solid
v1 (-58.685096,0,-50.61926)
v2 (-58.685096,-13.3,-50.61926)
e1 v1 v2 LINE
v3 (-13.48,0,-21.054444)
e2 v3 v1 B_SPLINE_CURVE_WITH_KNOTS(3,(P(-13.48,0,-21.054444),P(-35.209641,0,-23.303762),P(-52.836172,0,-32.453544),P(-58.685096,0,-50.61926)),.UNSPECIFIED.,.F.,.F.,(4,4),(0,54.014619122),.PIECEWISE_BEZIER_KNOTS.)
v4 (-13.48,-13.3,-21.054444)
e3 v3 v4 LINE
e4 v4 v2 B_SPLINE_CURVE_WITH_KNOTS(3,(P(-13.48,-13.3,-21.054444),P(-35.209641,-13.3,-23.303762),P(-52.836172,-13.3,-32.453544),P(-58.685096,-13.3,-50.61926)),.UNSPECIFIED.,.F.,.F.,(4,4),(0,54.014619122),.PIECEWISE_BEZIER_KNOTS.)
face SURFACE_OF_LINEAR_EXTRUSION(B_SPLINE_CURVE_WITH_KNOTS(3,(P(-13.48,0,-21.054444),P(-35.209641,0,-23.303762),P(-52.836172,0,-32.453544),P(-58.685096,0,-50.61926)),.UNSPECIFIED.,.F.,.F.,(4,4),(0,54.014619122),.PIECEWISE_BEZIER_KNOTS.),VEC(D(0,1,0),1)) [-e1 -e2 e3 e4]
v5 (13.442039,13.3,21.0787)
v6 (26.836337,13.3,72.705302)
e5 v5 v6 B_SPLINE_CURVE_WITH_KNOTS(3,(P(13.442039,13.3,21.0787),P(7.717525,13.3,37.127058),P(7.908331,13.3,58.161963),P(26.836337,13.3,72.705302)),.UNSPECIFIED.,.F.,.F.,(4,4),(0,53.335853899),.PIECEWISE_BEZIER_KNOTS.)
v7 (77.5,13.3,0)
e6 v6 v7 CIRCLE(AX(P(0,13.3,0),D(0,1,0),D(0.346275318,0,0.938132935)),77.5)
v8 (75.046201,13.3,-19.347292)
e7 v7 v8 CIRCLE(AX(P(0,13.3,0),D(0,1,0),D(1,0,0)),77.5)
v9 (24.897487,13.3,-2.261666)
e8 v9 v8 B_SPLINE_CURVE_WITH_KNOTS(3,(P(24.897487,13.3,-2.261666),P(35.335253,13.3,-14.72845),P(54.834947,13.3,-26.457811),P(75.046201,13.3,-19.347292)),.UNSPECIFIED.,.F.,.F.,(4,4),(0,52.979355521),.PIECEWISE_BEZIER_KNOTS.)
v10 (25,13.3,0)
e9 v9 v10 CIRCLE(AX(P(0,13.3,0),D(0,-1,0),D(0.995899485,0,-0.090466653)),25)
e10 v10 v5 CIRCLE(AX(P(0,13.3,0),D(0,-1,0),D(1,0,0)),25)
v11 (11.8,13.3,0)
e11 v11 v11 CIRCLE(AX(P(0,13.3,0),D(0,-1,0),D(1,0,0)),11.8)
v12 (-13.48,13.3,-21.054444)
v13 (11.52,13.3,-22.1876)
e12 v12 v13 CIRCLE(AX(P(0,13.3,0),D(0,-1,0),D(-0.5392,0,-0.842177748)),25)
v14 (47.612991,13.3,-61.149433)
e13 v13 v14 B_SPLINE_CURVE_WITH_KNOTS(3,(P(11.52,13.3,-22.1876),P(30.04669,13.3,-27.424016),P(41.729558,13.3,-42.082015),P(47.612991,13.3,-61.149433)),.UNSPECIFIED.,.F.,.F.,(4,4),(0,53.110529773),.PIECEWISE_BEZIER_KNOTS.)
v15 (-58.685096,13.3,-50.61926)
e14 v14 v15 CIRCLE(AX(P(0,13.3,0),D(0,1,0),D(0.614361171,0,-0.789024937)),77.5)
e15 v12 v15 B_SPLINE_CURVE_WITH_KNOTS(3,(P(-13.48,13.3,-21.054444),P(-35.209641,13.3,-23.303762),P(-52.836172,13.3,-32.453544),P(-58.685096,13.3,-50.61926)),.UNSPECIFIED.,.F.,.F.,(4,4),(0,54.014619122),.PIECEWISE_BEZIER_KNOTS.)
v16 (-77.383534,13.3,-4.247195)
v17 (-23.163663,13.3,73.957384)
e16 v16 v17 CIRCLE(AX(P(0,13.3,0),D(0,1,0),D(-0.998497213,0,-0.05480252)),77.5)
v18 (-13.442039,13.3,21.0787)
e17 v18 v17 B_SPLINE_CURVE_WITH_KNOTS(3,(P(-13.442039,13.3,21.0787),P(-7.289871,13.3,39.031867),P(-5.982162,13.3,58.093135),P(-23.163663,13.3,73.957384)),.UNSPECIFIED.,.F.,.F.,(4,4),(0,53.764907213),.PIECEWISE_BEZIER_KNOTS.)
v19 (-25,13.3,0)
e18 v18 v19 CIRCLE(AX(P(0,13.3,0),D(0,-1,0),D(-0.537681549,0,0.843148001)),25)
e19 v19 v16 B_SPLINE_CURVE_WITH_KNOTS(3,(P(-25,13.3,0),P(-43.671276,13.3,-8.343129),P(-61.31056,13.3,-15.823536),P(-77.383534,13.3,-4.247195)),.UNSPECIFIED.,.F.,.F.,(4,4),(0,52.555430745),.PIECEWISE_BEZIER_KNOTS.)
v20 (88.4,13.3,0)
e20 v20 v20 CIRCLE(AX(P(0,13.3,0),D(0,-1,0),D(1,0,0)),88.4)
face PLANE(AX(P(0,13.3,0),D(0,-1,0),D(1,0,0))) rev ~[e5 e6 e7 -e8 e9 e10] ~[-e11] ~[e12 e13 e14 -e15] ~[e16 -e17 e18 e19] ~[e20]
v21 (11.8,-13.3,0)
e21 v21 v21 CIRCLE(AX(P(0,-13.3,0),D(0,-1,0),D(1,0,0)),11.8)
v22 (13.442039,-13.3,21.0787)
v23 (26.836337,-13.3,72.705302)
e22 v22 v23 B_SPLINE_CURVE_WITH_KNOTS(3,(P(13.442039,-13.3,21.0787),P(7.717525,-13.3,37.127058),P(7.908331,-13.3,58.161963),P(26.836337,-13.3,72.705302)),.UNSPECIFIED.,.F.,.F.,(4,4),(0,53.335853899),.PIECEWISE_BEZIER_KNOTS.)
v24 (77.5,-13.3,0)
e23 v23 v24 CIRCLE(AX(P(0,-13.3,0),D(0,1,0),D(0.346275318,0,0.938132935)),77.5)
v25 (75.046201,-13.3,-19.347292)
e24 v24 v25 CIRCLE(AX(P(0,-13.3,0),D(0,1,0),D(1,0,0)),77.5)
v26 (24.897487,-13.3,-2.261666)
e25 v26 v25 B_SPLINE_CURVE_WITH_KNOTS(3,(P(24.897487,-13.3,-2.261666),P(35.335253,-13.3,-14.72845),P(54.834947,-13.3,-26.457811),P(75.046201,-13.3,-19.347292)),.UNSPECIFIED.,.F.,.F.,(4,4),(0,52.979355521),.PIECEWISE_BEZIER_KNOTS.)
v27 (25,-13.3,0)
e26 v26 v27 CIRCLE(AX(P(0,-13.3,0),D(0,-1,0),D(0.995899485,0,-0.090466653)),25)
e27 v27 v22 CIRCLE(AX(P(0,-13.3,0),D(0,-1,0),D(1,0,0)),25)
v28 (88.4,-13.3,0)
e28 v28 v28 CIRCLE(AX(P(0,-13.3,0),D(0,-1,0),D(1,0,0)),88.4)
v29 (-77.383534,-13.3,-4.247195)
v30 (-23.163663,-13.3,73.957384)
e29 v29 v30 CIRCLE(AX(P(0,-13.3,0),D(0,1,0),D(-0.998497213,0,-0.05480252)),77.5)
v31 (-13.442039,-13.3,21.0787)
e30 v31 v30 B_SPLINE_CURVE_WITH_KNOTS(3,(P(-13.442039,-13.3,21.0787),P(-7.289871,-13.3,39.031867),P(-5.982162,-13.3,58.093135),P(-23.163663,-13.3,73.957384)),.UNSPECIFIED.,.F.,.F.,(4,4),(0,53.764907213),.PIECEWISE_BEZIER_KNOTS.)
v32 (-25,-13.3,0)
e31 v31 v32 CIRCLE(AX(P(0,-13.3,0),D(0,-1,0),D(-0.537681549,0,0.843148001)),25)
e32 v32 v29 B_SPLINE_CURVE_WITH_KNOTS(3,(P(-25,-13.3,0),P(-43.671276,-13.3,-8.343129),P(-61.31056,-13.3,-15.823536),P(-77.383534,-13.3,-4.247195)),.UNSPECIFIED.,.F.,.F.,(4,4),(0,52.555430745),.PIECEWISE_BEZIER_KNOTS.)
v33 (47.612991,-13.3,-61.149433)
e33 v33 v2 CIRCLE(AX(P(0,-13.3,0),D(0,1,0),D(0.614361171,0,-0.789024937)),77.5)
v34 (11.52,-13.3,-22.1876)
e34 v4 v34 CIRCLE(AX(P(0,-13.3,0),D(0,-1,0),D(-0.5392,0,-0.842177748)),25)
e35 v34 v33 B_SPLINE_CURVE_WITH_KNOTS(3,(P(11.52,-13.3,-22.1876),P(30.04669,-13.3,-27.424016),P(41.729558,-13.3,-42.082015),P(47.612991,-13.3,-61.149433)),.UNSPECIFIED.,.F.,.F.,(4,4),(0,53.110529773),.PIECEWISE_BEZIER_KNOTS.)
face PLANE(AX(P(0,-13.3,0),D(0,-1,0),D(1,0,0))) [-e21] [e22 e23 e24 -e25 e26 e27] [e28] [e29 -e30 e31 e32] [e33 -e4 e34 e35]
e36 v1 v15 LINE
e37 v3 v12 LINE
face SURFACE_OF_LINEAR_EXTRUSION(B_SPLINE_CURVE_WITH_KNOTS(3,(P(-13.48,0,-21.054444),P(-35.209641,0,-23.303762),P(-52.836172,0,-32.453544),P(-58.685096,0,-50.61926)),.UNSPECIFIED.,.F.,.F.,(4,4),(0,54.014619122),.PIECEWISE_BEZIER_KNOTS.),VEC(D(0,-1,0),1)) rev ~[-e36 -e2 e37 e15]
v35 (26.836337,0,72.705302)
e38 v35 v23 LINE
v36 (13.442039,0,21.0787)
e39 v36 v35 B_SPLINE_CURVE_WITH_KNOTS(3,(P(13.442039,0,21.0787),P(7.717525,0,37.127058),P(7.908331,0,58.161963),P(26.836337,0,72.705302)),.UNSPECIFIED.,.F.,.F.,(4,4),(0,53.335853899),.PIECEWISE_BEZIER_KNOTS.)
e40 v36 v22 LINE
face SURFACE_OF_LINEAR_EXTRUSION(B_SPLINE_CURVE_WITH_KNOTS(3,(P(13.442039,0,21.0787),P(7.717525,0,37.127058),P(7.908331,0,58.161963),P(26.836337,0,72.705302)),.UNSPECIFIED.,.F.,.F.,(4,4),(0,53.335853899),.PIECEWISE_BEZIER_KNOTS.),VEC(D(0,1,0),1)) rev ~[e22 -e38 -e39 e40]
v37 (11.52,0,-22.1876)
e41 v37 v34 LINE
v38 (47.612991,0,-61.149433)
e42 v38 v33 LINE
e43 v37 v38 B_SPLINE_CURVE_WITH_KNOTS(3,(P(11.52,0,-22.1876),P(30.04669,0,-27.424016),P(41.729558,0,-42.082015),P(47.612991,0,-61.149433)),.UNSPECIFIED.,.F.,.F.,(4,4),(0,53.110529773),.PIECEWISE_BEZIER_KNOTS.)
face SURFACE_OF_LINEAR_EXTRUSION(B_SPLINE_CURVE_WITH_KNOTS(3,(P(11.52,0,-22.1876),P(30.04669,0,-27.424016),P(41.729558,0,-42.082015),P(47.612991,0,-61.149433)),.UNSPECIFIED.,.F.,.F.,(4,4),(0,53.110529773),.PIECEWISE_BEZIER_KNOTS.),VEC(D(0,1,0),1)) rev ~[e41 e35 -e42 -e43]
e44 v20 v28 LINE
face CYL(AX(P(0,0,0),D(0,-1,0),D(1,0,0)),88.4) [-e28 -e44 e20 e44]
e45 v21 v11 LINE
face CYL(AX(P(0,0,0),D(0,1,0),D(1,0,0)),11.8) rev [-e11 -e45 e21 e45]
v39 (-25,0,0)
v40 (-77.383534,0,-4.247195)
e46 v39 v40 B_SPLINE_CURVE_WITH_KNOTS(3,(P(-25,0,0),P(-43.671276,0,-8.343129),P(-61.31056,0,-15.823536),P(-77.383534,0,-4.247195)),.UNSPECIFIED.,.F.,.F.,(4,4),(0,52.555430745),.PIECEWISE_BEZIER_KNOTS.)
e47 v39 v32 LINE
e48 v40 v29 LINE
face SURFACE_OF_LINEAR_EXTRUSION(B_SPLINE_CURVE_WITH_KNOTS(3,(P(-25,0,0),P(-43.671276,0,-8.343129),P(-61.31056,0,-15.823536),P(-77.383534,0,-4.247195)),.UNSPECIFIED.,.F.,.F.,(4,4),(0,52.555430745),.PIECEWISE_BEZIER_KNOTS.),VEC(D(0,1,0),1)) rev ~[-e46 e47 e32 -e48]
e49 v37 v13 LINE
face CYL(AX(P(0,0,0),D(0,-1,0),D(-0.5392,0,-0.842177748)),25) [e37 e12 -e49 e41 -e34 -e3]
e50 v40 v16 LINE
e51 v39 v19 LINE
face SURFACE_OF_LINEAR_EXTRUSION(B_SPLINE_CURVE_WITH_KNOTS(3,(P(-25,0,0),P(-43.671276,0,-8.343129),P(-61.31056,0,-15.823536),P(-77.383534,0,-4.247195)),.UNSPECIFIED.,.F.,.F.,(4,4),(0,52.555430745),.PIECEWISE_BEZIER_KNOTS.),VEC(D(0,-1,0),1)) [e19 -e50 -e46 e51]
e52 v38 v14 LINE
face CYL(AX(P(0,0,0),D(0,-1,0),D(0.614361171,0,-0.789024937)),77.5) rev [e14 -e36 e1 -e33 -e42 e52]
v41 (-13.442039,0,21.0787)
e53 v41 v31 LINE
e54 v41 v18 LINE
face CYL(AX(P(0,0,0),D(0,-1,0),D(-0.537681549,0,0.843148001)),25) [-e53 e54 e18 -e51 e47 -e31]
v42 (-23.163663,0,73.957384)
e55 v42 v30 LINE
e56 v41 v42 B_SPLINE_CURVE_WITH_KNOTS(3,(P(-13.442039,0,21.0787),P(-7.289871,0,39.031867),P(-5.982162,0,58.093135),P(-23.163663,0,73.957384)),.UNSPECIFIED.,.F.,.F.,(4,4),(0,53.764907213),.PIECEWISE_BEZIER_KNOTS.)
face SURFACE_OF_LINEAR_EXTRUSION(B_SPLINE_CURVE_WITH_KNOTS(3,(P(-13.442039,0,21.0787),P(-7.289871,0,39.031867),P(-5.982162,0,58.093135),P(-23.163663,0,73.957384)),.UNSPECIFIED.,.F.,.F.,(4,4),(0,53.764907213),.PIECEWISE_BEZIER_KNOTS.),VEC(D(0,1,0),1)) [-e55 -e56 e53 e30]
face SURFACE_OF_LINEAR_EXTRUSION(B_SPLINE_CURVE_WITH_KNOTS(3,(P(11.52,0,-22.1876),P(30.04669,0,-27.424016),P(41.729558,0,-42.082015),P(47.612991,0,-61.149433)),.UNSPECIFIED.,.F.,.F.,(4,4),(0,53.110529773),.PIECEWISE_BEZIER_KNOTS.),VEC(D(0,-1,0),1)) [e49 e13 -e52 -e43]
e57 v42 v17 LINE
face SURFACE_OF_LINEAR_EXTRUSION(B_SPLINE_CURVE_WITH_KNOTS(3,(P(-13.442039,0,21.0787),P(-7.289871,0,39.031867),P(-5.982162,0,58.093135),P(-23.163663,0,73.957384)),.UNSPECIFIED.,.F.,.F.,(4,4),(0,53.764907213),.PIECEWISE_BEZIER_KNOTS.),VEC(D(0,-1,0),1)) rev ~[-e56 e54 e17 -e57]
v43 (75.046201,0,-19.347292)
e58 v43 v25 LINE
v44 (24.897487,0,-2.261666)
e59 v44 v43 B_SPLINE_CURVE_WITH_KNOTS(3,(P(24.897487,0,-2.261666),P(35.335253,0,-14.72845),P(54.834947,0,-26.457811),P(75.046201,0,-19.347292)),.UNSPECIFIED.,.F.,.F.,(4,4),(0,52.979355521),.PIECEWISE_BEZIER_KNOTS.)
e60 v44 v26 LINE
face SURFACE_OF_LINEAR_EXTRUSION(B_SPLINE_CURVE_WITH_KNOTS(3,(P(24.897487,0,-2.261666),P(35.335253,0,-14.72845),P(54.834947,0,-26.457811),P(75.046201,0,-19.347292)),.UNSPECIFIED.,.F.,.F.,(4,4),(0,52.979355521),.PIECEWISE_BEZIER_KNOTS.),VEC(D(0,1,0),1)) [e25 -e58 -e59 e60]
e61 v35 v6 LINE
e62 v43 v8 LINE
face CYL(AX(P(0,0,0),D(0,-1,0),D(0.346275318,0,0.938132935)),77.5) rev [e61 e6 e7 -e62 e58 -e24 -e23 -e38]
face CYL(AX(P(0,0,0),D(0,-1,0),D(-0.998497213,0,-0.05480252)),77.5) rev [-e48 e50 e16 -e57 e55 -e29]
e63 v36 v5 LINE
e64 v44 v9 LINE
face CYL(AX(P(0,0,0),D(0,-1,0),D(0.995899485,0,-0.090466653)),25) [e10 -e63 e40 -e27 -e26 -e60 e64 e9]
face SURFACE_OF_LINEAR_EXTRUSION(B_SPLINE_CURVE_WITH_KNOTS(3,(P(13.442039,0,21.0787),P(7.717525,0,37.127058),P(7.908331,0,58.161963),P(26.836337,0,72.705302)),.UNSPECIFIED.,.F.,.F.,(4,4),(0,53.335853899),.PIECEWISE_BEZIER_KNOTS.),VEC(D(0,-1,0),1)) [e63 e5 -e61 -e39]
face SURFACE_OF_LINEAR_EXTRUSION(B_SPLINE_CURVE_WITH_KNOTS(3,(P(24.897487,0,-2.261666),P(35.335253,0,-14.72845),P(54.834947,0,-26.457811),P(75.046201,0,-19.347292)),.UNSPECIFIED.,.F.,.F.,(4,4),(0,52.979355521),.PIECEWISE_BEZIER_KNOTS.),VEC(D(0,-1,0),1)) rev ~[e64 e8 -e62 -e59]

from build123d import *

# Parameters (mm, degrees)
F0_R     = 88.4
F0_R_2   = 85.1
F0_R_3   = 11.8
F1_DEPTH = 13.3


with BuildPart() as f1:
    # F0 (on Front) → F1 (new body, symmetric)
    with BuildSketch(Plane.XZ):
        Circle(F0_R)
        Circle(F0_R_2, mode=Mode.SUBTRACT)
        Circle(F0_R_2)
        with BuildLine():
            ThreePointArc((26.8363371205, 72.7053024886), (63.5848493229, 44.3082039422), (77.5, 0))
            ThreePointArc((77.5, 0), (76.8841029856, -9.7511388105), (75.0462010812, -19.3472918848))
            ThreePointArc((75.0462010812, -19.3472918848), (64.7933181605, -42.5214760063), (47.6129907546, -61.1494326335))
            ThreePointArc((47.6129907546, -61.1494326335), (-7.639961403, -77.1225063763), (-58.6850959098, -50.6192603468))
            ThreePointArc((-58.6850959098, -50.6192603468), (-71.8767007706, -28.9825790145), (-77.3835339837, -4.2471953335))
            ThreePointArc((-77.3835339837, -4.2471953335), (-63.6900602604, 44.1568366624), (-23.1636628795, 73.9573844995))
            ThreePointArc((-23.1636628795, 73.9573844995), (1.9401189037, 77.4757119273), (26.8363371205, 72.7053024886))
        make_face(mode=Mode.SUBTRACT)
        with BuildLine():
            ThreePointArc((25, 0), (21.9208914985, 12.0197552351), (13.442038727, 21.0787000278))
            ThreePointArc((13.442038727, 21.0787000278), (0, 25), (-13.442038727, 21.0787000278))
            ThreePointArc((-13.442038727, 21.0787000278), (-21.9208914985, 12.0197552351), (-25, 0))
            ThreePointArc((-25, 0), (-21.9317121995, -12), (-13.48, -21.0544437115))
            ThreePointArc((-13.48, -21.0544437115), (-1.1319942019, -24.9743586329), (11.52, -22.1876001406))
            ThreePointArc((11.52, -22.1876001406), (20.756181049, -13.9348824272), (24.8974871301, -2.2616663336))
            ThreePointArc((24.8974871301, -2.2616663336), (24.9743586329, -1.1319942019), (25, 0))
        make_face()
        Circle(F0_R_3, mode=Mode.SUBTRACT)
        with BuildLine():
            ThreePointArc((47.6129907546, -61.1494326335), (64.7933181605, -42.5214760063), (75.0462010812, -19.3472918848))
            add(Edge.make_bspline(
                [(24.8974871301, -2.2616663336), (35.3352533593, -14.728449815), (54.834947241, -26.4578113721), (75.0462010812, -19.3472918848)],
                knots=[0, 0, 0, 0, 52.979355521, 52.979355521, 52.979355521, 52.979355521], degree=3))
            ThreePointArc((24.8974871301, -2.2616663336), (20.756181049, -13.9348824272), (11.52, -22.1876001406))
            add(Edge.make_bspline(
                [(11.52, -22.1876001406), (30.0466895523, -27.4240163442), (41.7295582592, -42.082015425), (47.6129907546, -61.1494326335)],
                knots=[0, 0, 0, 0, 53.1105297735, 53.1105297735, 53.1105297735, 53.1105297735], degree=3))
        make_face()
        with BuildLine():
            add(Edge.make_bspline(
                [(-25, 0), (-43.6712764204, -8.3431294188), (-61.3105595112, -15.8235356212), (-77.3835339837, -4.2471953335)],
                knots=[0, 0, 0, 0, 52.5554307452, 52.5554307452, 52.5554307452, 52.5554307452], degree=3))
            ThreePointArc((-77.3835339837, -4.2471953335), (-71.8767007706, -28.9825790145), (-58.6850959098, -50.6192603468))
            add(Edge.make_bspline(
                [(-13.48, -21.0544437115), (-35.2096408606, -23.3037620783), (-52.8361722827, -32.4535444379), (-58.6850959098, -50.6192603468)],
                knots=[0, 0, 0, 0, 54.014619122, 54.014619122, 54.014619122, 54.014619122], degree=3))
            ThreePointArc((-13.48, -21.0544437115), (-21.9317121995, -12), (-25, 0))
        make_face()
        with BuildLine():
            add(Edge.make_bspline(
                [(13.442038727, 21.0787000278), (7.7175249898, 37.1270581078), (7.9083312303, 58.1619627774), (26.8363371205, 72.7053024886)],
                knots=[0, 0, 0, 0, 53.3358538986, 53.3358538986, 53.3358538986, 53.3358538986], degree=3))
            ThreePointArc((26.8363371205, 72.7053024886), (1.9401189037, 77.4757119273), (-23.1636628795, 73.9573844995))
            add(Edge.make_bspline(
                [(-13.442038727, 21.0787000278), (-7.2898711078, 39.0318669379), (-5.9821622724, 58.0931350098), (-23.1636628795, 73.9573844995)],
                knots=[0, 0, 0, 0, 53.764907213, 53.764907213, 53.764907213, 53.764907213], degree=3))
            ThreePointArc((-13.442038727, 21.0787000278), (0, 25), (13.442038727, 21.0787000278))
        make_face()
    extrude(amount=F1_DEPTH, both=True)


solid = f1.part
